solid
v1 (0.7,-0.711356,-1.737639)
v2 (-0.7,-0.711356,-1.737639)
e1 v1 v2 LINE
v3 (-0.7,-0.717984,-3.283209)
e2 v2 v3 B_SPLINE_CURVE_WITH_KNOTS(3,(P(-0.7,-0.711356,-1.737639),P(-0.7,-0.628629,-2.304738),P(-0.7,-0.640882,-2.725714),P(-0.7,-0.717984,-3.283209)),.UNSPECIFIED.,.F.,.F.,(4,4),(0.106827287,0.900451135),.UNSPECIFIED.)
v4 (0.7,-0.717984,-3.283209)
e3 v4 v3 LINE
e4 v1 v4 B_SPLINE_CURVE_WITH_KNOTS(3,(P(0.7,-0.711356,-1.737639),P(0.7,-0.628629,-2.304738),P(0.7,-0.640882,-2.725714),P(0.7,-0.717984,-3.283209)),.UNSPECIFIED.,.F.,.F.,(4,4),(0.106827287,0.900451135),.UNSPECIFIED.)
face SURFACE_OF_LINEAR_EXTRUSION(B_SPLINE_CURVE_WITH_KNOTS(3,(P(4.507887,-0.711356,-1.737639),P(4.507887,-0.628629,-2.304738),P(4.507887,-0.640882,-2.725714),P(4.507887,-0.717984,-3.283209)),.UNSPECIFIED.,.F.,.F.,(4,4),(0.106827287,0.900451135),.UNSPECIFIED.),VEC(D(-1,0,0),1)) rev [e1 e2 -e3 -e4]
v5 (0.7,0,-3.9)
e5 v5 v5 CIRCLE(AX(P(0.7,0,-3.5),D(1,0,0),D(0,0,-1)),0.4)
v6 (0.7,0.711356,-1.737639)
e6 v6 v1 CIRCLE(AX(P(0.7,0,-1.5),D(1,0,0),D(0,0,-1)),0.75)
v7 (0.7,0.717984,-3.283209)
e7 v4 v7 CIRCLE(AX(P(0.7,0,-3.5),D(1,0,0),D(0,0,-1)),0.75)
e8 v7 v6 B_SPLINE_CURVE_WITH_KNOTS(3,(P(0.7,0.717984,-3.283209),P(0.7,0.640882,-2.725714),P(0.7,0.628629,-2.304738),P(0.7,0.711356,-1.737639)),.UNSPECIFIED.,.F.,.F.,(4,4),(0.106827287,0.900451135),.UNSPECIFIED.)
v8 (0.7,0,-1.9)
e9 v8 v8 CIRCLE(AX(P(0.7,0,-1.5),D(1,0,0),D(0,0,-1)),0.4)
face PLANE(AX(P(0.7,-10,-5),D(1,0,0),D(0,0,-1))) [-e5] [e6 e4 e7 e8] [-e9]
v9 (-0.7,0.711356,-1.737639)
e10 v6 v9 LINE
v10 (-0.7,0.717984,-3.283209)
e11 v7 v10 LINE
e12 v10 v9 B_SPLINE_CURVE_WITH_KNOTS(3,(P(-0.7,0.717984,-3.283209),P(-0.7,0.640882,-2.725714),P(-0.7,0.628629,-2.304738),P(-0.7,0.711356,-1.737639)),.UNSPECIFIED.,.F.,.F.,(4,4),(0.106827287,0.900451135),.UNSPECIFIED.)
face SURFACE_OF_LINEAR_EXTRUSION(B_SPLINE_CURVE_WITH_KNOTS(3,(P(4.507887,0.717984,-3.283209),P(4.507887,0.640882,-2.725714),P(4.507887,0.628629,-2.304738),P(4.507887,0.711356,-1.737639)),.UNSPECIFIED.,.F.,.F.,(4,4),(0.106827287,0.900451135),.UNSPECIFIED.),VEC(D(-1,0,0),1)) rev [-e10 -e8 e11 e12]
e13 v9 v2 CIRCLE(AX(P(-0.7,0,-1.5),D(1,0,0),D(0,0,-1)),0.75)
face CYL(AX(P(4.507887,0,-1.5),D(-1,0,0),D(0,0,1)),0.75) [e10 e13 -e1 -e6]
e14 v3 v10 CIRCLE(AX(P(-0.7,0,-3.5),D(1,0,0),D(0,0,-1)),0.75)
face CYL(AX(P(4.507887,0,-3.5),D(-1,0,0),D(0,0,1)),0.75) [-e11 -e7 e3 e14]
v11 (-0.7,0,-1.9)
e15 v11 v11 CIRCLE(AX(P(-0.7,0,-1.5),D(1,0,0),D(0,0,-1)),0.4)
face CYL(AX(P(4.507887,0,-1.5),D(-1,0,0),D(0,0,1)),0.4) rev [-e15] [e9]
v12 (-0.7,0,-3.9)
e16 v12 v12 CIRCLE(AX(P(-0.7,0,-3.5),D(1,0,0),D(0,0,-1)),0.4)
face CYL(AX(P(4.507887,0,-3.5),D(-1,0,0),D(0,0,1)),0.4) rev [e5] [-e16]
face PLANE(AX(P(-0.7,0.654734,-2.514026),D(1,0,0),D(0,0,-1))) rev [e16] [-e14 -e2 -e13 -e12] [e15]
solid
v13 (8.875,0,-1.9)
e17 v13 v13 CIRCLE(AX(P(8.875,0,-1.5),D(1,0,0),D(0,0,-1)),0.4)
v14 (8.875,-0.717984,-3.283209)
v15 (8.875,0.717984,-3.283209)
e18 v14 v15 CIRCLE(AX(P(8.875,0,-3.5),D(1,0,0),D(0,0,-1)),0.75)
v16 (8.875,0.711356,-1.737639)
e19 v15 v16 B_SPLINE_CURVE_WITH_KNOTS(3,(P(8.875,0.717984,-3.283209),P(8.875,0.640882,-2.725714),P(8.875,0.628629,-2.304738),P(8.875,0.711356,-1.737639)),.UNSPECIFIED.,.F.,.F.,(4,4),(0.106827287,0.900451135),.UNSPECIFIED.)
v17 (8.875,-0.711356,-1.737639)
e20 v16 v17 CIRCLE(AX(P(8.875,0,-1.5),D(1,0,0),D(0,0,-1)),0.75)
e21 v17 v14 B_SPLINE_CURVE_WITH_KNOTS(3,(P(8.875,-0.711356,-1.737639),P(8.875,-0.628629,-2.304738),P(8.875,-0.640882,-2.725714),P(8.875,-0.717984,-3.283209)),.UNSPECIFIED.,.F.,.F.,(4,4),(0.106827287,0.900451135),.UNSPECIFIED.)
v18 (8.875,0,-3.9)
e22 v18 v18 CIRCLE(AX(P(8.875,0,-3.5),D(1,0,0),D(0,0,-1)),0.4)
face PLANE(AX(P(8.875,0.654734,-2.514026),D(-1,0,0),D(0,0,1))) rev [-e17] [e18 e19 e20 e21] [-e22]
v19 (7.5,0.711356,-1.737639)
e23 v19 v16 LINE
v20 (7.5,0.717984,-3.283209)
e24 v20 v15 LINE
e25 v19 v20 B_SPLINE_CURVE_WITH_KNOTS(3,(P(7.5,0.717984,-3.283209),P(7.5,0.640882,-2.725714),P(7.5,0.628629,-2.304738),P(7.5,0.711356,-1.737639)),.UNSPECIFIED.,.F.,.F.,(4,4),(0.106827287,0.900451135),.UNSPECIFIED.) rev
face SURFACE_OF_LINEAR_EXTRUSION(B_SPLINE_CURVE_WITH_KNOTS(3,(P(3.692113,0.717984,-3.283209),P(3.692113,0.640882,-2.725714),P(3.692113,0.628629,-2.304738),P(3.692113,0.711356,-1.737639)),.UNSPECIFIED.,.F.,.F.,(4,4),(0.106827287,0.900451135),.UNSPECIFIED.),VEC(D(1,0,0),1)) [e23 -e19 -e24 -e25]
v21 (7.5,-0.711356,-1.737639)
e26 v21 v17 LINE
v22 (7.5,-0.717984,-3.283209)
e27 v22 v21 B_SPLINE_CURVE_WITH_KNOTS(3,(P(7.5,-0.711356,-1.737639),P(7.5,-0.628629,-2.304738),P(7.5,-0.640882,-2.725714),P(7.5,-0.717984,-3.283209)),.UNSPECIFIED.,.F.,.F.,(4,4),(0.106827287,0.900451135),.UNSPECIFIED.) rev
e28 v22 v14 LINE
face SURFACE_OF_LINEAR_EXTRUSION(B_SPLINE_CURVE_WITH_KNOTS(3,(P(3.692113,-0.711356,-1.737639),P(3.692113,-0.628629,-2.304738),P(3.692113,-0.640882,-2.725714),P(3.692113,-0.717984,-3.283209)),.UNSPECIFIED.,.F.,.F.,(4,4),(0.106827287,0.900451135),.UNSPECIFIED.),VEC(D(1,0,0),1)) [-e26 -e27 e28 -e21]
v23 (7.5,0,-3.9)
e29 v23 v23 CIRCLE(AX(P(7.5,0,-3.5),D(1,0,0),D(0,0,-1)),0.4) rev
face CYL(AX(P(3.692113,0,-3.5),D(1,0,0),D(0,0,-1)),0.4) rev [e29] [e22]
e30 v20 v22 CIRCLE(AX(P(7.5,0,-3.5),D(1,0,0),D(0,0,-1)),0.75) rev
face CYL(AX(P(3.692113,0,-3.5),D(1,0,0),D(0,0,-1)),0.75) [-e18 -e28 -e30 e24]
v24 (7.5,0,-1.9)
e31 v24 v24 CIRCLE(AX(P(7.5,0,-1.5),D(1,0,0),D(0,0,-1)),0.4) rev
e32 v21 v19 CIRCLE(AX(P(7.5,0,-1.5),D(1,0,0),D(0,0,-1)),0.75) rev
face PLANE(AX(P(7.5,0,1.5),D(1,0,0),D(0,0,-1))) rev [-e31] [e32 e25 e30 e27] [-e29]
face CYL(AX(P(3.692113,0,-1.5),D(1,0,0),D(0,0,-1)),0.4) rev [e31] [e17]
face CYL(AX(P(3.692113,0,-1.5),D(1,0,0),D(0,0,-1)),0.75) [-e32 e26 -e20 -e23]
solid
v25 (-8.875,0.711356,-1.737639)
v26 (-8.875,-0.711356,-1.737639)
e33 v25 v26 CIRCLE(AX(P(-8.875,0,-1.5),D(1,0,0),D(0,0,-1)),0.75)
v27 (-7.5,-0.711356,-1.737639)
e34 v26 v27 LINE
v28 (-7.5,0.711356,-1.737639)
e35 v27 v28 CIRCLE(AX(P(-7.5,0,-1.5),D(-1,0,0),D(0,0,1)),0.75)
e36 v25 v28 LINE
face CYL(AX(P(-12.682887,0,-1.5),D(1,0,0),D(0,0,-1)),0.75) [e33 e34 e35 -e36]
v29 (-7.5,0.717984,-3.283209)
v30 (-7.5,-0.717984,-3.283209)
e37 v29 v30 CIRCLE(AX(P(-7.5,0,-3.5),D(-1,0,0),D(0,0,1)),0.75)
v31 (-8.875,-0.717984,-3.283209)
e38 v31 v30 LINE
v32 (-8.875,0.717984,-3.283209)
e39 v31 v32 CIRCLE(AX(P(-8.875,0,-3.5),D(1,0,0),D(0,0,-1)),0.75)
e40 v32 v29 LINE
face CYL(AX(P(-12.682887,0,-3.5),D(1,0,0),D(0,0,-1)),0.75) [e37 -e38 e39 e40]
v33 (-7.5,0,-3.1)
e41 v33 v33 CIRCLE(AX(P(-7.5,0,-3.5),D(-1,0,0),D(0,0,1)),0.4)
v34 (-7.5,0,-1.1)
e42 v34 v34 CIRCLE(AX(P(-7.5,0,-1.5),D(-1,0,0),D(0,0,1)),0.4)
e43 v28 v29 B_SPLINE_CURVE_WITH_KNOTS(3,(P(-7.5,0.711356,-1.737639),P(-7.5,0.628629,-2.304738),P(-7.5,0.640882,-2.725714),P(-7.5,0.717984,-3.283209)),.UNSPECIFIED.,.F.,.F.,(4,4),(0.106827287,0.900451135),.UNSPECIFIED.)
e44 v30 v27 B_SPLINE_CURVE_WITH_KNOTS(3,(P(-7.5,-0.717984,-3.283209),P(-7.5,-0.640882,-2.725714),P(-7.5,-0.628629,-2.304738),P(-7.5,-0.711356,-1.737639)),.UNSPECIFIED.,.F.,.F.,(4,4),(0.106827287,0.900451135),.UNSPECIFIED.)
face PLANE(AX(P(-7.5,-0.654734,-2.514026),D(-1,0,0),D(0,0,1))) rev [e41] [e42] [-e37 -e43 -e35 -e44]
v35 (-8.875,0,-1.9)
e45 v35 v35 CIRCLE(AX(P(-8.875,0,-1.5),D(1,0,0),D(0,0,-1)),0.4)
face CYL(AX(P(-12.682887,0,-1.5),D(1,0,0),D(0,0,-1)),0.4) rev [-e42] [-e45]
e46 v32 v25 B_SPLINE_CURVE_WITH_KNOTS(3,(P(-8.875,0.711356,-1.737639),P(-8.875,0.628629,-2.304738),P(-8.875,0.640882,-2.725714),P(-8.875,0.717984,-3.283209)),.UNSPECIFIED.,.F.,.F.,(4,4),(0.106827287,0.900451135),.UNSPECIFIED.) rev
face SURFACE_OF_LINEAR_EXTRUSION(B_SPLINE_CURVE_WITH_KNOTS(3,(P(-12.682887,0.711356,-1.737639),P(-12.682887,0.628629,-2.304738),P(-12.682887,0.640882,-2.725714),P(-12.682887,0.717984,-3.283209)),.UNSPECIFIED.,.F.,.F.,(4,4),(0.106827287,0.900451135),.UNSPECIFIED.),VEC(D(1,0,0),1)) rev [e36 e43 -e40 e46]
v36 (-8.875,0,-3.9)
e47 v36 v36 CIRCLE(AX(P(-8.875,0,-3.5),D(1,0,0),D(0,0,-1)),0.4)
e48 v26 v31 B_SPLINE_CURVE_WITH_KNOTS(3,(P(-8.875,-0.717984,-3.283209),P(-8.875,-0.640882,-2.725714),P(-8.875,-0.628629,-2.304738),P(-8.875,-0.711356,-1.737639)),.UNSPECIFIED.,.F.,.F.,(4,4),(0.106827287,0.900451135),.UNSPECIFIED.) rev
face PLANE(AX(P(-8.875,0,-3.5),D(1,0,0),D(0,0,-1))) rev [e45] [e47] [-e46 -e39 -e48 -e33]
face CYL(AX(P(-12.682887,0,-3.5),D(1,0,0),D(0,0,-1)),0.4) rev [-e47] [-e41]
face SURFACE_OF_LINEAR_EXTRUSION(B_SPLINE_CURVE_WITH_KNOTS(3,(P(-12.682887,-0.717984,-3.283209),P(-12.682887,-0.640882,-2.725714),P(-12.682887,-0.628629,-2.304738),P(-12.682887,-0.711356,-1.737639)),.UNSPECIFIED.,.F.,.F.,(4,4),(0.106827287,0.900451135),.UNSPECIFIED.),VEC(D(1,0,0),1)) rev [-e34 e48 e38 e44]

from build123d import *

# Parameters (mm, degrees)
ESBO_O1_R                = 0.4
RESSALTO_EXTRUS_O1_DEPTH = 1.375
ESBO_O2_R                = 0.4
RESSALTO_EXTRUS_O2_DEPTH = 1.375
ESBO_O3_R                = 0.4
RESSALTO_EXTRUS_O3_DEPTH = 1.4


with BuildPart() as part:
    # Esboço1 → Ressalto-extrusão1 (new body)
    with BuildSketch(Plane(origin=(8.875, 0, 0), x_dir=(0, 0, -1), z_dir=(1, 0, 0))):
        with BuildLine():
            ThreePointArc((1.737638655, 0.711356359), (0.75, 0), (1.737638655, -0.711356359))
            add(Edge.make_bspline(
                [(1.737638655, -0.711356359), (2.304737892, -0.628628532), (2.725714325, -0.640882332), (3.28320883, -0.717984393)],
                knots=[0.106827287, 0.106827287, 0.106827287, 0.106827287, 0.900451135, 0.900451135, 0.900451135, 0.900451135], degree=3))
            ThreePointArc((3.28320883, -0.717984393), (4.25, 0), (3.28320883, 0.717984393))
            add(Edge.make_bspline(
                [(1.737638655, 0.711356359), (2.304737892, 0.628628532), (2.725714325, 0.640882332), (3.28320883, 0.717984393)],
                knots=[0.106827287, 0.106827287, 0.106827287, 0.106827287, 0.900451135, 0.900451135, 0.900451135, 0.900451135], degree=3))
        make_face()
        with Locations((1.5, 0)):
            Circle(ESBO_O1_R, mode=Mode.SUBTRACT)
        with Locations((3.5, 0)):
            Circle(ESBO_O1_R, mode=Mode.SUBTRACT)
    extrude(amount=-RESSALTO_EXTRUS_O1_DEPTH)


with BuildPart() as body_2:
    # Esboço2 → Ressalto-extrusão2 (new body)
    with BuildSketch(Plane.ZY.offset(7.5)):
        with BuildLine():
            ThreePointArc((-1.737638655, -0.711356359), (-0.75, 0), (-1.737638655, 0.711356359))
            add(Edge.make_bspline(
                [(-1.737638655, 0.711356359), (-2.304737892, 0.628628532), (-2.725714325, 0.640882332), (-3.28320883, 0.717984393)],
                knots=[0.106827287, 0.106827287, 0.106827287, 0.106827287, 0.900451135, 0.900451135, 0.900451135, 0.900451135], degree=3))
            ThreePointArc((-3.28320883, 0.717984393), (-4.25, 0), (-3.28320883, -0.717984393))
            add(Edge.make_bspline(
                [(-3.28320883, -0.717984393), (-2.725714325, -0.640882332), (-2.304737892, -0.628628532), (-1.737638655, -0.711356359)],
                knots=[0.106827287, 0.106827287, 0.106827287, 0.106827287, 0.900451135, 0.900451135, 0.900451135, 0.900451135], degree=3))
        make_face()
        with Locations((-3.5, 0)):
            Circle(ESBO_O2_R, mode=Mode.SUBTRACT)
        with Locations((-1.5, 0)):
            Circle(ESBO_O2_R, mode=Mode.SUBTRACT)
    extrude(amount=RESSALTO_EXTRUS_O2_DEPTH)


with BuildPart() as body_3:
    # Esboço3 → Ressalto-extrusão3 (new body)
    with BuildSketch(Plane(origin=(-0.7, 0, 0), x_dir=(0, 0, -1), z_dir=(1, 0, 0))):
        with BuildLine():
            ThreePointArc((1.737638655, 0.711356359), (0.75, 0), (1.737638655, -0.711356359))
            add(Edge.make_bspline(
                [(1.737638655, -0.711356359), (2.304737892, -0.628628532), (2.725714325, -0.640882332), (3.28320883, -0.717984393)],
                knots=[0.106827287, 0.106827287, 0.106827287, 0.106827287, 0.900451135, 0.900451135, 0.900451135, 0.900451135], degree=3))
            ThreePointArc((3.28320883, -0.717984393), (4.25, 0), (3.28320883, 0.717984393))
            add(Edge.make_bspline(
                [(3.28320883, 0.717984393), (2.725714325, 0.640882332), (2.304737892, 0.628628532), (1.737638655, 0.711356359)],
                knots=[0.106827287, 0.106827287, 0.106827287, 0.106827287, 0.900451135, 0.900451135, 0.900451135, 0.900451135], degree=3))
        make_face()
        with Locations((3.5, 0)):
            Circle(ESBO_O3_R, mode=Mode.SUBTRACT)
        with Locations((1.5, 0)):
            Circle(ESBO_O3_R, mode=Mode.SUBTRACT)
    extrude(amount=RESSALTO_EXTRUS_O3_DEPTH)


solid = Compound([part.part, body_2.part, body_3.part])
